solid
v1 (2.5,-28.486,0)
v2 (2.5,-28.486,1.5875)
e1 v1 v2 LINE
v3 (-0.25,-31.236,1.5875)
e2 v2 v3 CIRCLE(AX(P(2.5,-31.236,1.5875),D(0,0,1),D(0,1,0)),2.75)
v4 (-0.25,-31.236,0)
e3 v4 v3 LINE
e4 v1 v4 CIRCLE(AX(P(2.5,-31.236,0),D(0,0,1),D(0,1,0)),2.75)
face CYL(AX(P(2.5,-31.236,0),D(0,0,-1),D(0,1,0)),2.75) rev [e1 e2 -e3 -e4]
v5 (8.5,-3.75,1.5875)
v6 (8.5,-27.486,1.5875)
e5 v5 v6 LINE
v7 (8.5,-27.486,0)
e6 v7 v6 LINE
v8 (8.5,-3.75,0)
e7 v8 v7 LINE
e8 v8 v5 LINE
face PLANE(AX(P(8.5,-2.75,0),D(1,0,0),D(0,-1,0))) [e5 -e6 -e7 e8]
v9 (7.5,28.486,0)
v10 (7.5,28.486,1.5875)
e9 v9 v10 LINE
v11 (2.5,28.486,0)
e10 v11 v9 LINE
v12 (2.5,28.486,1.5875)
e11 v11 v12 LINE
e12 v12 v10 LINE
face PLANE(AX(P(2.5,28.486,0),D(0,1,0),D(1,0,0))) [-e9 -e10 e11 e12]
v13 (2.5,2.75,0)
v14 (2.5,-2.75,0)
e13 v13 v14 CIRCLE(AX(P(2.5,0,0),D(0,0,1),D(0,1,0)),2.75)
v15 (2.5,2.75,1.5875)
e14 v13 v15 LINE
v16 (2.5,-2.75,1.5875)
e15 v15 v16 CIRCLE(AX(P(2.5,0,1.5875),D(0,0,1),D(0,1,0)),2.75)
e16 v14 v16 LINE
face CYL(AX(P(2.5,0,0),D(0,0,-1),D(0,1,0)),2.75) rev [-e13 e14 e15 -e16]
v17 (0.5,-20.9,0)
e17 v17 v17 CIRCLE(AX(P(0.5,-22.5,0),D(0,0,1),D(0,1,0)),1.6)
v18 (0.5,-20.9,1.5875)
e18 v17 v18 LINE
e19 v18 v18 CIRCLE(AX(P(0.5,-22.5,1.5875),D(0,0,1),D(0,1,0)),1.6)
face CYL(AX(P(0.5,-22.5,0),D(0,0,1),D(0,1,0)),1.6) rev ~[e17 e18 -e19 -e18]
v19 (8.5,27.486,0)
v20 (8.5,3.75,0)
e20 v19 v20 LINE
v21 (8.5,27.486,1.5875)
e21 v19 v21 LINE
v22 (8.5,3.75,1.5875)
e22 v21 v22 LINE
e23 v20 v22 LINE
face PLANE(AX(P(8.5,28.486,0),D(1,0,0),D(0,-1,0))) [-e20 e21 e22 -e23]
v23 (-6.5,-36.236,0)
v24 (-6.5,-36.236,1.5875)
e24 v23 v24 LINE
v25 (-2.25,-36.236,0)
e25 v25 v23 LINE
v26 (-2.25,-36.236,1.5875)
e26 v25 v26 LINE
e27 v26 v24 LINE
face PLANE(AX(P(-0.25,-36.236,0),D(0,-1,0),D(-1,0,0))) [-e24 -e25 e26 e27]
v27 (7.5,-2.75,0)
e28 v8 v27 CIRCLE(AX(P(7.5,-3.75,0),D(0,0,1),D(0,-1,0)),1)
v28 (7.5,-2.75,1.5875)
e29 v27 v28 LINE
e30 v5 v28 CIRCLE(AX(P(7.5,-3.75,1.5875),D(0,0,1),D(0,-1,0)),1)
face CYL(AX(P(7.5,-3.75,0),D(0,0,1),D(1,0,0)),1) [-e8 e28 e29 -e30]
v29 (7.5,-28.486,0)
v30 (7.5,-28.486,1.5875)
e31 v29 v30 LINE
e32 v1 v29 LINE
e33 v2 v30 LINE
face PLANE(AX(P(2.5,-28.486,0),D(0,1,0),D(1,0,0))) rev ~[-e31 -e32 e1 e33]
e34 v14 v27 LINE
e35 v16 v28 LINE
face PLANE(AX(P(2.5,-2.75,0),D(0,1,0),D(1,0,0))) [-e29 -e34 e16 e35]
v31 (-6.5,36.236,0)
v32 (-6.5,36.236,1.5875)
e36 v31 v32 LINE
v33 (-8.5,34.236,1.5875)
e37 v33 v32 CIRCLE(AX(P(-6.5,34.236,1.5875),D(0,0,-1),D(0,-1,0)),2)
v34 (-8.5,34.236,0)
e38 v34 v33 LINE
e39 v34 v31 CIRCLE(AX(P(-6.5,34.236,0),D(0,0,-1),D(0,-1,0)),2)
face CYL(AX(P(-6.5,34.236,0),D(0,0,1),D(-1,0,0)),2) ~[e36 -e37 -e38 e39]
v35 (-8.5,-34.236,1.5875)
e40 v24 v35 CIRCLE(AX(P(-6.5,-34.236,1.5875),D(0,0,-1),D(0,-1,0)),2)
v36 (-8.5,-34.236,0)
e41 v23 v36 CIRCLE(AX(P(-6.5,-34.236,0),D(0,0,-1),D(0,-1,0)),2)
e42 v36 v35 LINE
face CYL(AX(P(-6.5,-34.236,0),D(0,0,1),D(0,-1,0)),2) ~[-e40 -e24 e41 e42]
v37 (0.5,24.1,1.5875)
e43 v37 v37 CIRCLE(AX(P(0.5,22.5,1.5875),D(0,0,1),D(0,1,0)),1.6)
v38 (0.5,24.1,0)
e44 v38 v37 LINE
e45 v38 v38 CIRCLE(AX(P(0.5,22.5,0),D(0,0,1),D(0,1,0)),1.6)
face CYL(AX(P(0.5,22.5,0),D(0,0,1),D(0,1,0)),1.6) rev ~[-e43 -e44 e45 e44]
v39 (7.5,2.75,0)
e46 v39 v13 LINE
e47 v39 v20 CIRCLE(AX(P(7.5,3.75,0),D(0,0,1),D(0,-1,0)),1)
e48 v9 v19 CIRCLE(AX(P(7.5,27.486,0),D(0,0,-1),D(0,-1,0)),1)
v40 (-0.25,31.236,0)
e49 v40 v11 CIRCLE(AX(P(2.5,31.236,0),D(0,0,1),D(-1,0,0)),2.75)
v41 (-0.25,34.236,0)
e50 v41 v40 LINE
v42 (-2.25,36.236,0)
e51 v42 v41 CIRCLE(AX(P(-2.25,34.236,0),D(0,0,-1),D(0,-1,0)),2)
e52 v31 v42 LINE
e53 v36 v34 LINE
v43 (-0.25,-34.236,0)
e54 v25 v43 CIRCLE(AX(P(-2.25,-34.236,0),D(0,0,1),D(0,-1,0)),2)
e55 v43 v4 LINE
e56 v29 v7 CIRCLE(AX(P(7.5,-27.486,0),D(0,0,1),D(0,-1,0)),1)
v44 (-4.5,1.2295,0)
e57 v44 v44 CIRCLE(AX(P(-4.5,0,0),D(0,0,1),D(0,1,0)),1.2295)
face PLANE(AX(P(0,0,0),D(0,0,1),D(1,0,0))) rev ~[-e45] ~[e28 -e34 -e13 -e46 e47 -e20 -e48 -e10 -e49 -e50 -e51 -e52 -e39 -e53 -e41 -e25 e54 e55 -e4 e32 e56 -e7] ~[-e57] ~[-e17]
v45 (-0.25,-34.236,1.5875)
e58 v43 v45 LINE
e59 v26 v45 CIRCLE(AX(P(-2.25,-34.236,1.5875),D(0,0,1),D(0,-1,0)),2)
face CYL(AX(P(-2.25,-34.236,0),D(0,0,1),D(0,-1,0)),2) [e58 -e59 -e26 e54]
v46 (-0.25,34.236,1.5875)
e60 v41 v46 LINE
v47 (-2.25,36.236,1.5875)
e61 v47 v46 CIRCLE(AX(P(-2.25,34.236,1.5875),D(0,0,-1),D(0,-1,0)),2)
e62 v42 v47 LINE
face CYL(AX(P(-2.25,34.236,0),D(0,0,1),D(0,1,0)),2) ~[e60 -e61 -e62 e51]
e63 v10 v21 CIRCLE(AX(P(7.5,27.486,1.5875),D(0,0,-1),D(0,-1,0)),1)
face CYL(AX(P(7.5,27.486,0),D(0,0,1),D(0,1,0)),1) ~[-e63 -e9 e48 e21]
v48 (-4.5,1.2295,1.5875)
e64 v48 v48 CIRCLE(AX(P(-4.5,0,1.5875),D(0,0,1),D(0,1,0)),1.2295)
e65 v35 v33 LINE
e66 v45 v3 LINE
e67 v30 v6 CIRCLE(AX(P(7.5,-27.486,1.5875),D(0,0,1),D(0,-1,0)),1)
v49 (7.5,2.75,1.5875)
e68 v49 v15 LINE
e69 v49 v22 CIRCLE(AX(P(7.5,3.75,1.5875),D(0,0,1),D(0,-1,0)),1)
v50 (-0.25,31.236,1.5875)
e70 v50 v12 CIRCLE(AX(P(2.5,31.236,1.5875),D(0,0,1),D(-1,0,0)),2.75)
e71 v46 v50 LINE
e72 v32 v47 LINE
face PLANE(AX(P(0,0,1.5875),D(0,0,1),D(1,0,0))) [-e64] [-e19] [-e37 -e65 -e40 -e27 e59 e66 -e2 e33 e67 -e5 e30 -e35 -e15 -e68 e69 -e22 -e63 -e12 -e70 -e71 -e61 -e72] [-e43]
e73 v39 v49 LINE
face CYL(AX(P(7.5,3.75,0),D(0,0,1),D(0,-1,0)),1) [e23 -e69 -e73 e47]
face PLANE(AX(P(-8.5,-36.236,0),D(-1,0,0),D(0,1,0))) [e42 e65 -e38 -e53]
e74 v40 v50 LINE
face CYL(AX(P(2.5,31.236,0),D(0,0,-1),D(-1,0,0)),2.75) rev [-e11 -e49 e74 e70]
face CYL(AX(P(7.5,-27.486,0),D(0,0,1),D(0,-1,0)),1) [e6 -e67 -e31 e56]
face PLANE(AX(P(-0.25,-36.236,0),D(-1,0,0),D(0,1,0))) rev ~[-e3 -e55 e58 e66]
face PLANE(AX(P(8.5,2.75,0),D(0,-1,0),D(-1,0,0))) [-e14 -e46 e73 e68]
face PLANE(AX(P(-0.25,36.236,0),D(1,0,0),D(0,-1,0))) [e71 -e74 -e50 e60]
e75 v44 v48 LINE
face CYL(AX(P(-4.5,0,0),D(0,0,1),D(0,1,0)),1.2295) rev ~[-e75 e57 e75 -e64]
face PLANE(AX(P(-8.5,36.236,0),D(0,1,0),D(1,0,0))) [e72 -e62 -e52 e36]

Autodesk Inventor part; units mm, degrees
ref_plane "YZ Plane" through (0, 0, 0) normal (1, 0, 0) x (0, 1, 0)
ref_plane "XZ Plane" through (0, 0, 0) normal (0, 1, 0) x (-1, 0, 0)
ref_plane "XY Plane" through (0, 0, 0) normal (0, 0, 1) x (1, 0, 0)
sketch "Sketch1" plane through (0, 0, 0) normal (0, 0, 1) x (1, 0, 0)
  line L0 (8.5, -36.236) -> (-8.5, -36.236)
  line L1 (-8.5, -36.236) -> (-8.5, 36.236)
  line L2 (-8.5, 36.236) -> (8.5, 36.236)
  line L3 (8.5, 36.236) -> (8.5, -36.236)
  line L4 (8.5, -36.236) -> (-8.5, 36.236) construction
  line L5 (-8.5, -36.236) -> (8.5, 36.236) construction
  line L6 (8.5, 0) -> (2.5, 0) construction
  line L7 (8.5, 2.75) -> (2.5, 2.75)
  line L8 (2.5, -2.75) -> (8.5, -2.75)
  arc A0 (8.5, -2.75) -> (8.5, 2.75) centre (8.5, 0) ccw
  arc A1 (2.5, 2.75) -> (2.5, -2.75) centre (2.5, 0) ccw
  line L9 (8.5, 36.236) -> (-0.25, 36.236)
  line L10 (-0.25, 36.236) -> (-0.25, 31.236)
  line L11 (2.5, 28.486) -> (8.5, 28.486)
  line L12 (8.5, 28.486) -> (8.5, 36.236)
  line L13 (8.5, -36.236) -> (-0.25, -36.236)
  line L14 (-0.25, -36.236) -> (-0.25, -31.236)
  line L15 (2.5, -28.486) -> (8.5, -28.486)
  line L16 (8.5, -28.486) -> (8.5, -36.236)
  arc A2 (2.5, -28.486) -> (-0.25, -31.236) centre (2.5, -31.236) ccw
  arc A3 (-0.25, 31.236) -> (2.5, 28.486) centre (2.5, 31.236) ccw
  line L17 (0.5, 22.5) -> (0.5, -22.5) construction
  point P0 (0, 0)
  point P1 (5.5, 0)
  point P2 (0.5, 0)
  point P3 (-8.5, 0)
  point P4 (8.5, -28.486)
  point P5 (8.5, 28.486)
  point P6 (-4.5, 0)
  dimension "d0" = 17
  dimension "d1" = 72.472
  dimension "d3" = 5.5
  dimension "d4" = 11
  dimension "d6" = 5
  dimension "d7" = 5
  dimension "d8" = 45
  dimension "d9" = 9
  dimension "d22" = 4
extrude "Extrusion1" add sketch "Sketch1" along normal blind 1.5875 contours L0 L1 L2 L10 A3 L11 L3 L7 A1 L8 L15 A2 L14
fillet "Fillet1" radius 2 2 edges at (-8.5, -36.236, 0.7937) (-8.5, 36.236, 0.7937)
fillet "Fillet2" radius 2 2 edges at (-0.25, -36.236, 0.7937) (-0.25, 36.236, 0.7937)
fillet "Fillet3" radius 1 4 edges at (8.5, -28.486, 0.7937) (8.5, -2.75, 0.7937) (8.5, 2.75, 0.7937) (8.5, 28.486, 0.7937)
hole "Hole1" at (0.5, 22.5, 0) at (0.5, -22.5, 0) direction (0, 0, 1) diameter 3.2 end through all
hole "Hole2" at (-4.5, 0, 0) direction (0, 0, 1) diameter 2.459 end through all thread size "M3x0.5" class "6H" standard "ANSI Metric M Profile"
equation "\"d7\" = d6"
properties part number "Gantry Belt Retainer" material "Aluminum 6061"
